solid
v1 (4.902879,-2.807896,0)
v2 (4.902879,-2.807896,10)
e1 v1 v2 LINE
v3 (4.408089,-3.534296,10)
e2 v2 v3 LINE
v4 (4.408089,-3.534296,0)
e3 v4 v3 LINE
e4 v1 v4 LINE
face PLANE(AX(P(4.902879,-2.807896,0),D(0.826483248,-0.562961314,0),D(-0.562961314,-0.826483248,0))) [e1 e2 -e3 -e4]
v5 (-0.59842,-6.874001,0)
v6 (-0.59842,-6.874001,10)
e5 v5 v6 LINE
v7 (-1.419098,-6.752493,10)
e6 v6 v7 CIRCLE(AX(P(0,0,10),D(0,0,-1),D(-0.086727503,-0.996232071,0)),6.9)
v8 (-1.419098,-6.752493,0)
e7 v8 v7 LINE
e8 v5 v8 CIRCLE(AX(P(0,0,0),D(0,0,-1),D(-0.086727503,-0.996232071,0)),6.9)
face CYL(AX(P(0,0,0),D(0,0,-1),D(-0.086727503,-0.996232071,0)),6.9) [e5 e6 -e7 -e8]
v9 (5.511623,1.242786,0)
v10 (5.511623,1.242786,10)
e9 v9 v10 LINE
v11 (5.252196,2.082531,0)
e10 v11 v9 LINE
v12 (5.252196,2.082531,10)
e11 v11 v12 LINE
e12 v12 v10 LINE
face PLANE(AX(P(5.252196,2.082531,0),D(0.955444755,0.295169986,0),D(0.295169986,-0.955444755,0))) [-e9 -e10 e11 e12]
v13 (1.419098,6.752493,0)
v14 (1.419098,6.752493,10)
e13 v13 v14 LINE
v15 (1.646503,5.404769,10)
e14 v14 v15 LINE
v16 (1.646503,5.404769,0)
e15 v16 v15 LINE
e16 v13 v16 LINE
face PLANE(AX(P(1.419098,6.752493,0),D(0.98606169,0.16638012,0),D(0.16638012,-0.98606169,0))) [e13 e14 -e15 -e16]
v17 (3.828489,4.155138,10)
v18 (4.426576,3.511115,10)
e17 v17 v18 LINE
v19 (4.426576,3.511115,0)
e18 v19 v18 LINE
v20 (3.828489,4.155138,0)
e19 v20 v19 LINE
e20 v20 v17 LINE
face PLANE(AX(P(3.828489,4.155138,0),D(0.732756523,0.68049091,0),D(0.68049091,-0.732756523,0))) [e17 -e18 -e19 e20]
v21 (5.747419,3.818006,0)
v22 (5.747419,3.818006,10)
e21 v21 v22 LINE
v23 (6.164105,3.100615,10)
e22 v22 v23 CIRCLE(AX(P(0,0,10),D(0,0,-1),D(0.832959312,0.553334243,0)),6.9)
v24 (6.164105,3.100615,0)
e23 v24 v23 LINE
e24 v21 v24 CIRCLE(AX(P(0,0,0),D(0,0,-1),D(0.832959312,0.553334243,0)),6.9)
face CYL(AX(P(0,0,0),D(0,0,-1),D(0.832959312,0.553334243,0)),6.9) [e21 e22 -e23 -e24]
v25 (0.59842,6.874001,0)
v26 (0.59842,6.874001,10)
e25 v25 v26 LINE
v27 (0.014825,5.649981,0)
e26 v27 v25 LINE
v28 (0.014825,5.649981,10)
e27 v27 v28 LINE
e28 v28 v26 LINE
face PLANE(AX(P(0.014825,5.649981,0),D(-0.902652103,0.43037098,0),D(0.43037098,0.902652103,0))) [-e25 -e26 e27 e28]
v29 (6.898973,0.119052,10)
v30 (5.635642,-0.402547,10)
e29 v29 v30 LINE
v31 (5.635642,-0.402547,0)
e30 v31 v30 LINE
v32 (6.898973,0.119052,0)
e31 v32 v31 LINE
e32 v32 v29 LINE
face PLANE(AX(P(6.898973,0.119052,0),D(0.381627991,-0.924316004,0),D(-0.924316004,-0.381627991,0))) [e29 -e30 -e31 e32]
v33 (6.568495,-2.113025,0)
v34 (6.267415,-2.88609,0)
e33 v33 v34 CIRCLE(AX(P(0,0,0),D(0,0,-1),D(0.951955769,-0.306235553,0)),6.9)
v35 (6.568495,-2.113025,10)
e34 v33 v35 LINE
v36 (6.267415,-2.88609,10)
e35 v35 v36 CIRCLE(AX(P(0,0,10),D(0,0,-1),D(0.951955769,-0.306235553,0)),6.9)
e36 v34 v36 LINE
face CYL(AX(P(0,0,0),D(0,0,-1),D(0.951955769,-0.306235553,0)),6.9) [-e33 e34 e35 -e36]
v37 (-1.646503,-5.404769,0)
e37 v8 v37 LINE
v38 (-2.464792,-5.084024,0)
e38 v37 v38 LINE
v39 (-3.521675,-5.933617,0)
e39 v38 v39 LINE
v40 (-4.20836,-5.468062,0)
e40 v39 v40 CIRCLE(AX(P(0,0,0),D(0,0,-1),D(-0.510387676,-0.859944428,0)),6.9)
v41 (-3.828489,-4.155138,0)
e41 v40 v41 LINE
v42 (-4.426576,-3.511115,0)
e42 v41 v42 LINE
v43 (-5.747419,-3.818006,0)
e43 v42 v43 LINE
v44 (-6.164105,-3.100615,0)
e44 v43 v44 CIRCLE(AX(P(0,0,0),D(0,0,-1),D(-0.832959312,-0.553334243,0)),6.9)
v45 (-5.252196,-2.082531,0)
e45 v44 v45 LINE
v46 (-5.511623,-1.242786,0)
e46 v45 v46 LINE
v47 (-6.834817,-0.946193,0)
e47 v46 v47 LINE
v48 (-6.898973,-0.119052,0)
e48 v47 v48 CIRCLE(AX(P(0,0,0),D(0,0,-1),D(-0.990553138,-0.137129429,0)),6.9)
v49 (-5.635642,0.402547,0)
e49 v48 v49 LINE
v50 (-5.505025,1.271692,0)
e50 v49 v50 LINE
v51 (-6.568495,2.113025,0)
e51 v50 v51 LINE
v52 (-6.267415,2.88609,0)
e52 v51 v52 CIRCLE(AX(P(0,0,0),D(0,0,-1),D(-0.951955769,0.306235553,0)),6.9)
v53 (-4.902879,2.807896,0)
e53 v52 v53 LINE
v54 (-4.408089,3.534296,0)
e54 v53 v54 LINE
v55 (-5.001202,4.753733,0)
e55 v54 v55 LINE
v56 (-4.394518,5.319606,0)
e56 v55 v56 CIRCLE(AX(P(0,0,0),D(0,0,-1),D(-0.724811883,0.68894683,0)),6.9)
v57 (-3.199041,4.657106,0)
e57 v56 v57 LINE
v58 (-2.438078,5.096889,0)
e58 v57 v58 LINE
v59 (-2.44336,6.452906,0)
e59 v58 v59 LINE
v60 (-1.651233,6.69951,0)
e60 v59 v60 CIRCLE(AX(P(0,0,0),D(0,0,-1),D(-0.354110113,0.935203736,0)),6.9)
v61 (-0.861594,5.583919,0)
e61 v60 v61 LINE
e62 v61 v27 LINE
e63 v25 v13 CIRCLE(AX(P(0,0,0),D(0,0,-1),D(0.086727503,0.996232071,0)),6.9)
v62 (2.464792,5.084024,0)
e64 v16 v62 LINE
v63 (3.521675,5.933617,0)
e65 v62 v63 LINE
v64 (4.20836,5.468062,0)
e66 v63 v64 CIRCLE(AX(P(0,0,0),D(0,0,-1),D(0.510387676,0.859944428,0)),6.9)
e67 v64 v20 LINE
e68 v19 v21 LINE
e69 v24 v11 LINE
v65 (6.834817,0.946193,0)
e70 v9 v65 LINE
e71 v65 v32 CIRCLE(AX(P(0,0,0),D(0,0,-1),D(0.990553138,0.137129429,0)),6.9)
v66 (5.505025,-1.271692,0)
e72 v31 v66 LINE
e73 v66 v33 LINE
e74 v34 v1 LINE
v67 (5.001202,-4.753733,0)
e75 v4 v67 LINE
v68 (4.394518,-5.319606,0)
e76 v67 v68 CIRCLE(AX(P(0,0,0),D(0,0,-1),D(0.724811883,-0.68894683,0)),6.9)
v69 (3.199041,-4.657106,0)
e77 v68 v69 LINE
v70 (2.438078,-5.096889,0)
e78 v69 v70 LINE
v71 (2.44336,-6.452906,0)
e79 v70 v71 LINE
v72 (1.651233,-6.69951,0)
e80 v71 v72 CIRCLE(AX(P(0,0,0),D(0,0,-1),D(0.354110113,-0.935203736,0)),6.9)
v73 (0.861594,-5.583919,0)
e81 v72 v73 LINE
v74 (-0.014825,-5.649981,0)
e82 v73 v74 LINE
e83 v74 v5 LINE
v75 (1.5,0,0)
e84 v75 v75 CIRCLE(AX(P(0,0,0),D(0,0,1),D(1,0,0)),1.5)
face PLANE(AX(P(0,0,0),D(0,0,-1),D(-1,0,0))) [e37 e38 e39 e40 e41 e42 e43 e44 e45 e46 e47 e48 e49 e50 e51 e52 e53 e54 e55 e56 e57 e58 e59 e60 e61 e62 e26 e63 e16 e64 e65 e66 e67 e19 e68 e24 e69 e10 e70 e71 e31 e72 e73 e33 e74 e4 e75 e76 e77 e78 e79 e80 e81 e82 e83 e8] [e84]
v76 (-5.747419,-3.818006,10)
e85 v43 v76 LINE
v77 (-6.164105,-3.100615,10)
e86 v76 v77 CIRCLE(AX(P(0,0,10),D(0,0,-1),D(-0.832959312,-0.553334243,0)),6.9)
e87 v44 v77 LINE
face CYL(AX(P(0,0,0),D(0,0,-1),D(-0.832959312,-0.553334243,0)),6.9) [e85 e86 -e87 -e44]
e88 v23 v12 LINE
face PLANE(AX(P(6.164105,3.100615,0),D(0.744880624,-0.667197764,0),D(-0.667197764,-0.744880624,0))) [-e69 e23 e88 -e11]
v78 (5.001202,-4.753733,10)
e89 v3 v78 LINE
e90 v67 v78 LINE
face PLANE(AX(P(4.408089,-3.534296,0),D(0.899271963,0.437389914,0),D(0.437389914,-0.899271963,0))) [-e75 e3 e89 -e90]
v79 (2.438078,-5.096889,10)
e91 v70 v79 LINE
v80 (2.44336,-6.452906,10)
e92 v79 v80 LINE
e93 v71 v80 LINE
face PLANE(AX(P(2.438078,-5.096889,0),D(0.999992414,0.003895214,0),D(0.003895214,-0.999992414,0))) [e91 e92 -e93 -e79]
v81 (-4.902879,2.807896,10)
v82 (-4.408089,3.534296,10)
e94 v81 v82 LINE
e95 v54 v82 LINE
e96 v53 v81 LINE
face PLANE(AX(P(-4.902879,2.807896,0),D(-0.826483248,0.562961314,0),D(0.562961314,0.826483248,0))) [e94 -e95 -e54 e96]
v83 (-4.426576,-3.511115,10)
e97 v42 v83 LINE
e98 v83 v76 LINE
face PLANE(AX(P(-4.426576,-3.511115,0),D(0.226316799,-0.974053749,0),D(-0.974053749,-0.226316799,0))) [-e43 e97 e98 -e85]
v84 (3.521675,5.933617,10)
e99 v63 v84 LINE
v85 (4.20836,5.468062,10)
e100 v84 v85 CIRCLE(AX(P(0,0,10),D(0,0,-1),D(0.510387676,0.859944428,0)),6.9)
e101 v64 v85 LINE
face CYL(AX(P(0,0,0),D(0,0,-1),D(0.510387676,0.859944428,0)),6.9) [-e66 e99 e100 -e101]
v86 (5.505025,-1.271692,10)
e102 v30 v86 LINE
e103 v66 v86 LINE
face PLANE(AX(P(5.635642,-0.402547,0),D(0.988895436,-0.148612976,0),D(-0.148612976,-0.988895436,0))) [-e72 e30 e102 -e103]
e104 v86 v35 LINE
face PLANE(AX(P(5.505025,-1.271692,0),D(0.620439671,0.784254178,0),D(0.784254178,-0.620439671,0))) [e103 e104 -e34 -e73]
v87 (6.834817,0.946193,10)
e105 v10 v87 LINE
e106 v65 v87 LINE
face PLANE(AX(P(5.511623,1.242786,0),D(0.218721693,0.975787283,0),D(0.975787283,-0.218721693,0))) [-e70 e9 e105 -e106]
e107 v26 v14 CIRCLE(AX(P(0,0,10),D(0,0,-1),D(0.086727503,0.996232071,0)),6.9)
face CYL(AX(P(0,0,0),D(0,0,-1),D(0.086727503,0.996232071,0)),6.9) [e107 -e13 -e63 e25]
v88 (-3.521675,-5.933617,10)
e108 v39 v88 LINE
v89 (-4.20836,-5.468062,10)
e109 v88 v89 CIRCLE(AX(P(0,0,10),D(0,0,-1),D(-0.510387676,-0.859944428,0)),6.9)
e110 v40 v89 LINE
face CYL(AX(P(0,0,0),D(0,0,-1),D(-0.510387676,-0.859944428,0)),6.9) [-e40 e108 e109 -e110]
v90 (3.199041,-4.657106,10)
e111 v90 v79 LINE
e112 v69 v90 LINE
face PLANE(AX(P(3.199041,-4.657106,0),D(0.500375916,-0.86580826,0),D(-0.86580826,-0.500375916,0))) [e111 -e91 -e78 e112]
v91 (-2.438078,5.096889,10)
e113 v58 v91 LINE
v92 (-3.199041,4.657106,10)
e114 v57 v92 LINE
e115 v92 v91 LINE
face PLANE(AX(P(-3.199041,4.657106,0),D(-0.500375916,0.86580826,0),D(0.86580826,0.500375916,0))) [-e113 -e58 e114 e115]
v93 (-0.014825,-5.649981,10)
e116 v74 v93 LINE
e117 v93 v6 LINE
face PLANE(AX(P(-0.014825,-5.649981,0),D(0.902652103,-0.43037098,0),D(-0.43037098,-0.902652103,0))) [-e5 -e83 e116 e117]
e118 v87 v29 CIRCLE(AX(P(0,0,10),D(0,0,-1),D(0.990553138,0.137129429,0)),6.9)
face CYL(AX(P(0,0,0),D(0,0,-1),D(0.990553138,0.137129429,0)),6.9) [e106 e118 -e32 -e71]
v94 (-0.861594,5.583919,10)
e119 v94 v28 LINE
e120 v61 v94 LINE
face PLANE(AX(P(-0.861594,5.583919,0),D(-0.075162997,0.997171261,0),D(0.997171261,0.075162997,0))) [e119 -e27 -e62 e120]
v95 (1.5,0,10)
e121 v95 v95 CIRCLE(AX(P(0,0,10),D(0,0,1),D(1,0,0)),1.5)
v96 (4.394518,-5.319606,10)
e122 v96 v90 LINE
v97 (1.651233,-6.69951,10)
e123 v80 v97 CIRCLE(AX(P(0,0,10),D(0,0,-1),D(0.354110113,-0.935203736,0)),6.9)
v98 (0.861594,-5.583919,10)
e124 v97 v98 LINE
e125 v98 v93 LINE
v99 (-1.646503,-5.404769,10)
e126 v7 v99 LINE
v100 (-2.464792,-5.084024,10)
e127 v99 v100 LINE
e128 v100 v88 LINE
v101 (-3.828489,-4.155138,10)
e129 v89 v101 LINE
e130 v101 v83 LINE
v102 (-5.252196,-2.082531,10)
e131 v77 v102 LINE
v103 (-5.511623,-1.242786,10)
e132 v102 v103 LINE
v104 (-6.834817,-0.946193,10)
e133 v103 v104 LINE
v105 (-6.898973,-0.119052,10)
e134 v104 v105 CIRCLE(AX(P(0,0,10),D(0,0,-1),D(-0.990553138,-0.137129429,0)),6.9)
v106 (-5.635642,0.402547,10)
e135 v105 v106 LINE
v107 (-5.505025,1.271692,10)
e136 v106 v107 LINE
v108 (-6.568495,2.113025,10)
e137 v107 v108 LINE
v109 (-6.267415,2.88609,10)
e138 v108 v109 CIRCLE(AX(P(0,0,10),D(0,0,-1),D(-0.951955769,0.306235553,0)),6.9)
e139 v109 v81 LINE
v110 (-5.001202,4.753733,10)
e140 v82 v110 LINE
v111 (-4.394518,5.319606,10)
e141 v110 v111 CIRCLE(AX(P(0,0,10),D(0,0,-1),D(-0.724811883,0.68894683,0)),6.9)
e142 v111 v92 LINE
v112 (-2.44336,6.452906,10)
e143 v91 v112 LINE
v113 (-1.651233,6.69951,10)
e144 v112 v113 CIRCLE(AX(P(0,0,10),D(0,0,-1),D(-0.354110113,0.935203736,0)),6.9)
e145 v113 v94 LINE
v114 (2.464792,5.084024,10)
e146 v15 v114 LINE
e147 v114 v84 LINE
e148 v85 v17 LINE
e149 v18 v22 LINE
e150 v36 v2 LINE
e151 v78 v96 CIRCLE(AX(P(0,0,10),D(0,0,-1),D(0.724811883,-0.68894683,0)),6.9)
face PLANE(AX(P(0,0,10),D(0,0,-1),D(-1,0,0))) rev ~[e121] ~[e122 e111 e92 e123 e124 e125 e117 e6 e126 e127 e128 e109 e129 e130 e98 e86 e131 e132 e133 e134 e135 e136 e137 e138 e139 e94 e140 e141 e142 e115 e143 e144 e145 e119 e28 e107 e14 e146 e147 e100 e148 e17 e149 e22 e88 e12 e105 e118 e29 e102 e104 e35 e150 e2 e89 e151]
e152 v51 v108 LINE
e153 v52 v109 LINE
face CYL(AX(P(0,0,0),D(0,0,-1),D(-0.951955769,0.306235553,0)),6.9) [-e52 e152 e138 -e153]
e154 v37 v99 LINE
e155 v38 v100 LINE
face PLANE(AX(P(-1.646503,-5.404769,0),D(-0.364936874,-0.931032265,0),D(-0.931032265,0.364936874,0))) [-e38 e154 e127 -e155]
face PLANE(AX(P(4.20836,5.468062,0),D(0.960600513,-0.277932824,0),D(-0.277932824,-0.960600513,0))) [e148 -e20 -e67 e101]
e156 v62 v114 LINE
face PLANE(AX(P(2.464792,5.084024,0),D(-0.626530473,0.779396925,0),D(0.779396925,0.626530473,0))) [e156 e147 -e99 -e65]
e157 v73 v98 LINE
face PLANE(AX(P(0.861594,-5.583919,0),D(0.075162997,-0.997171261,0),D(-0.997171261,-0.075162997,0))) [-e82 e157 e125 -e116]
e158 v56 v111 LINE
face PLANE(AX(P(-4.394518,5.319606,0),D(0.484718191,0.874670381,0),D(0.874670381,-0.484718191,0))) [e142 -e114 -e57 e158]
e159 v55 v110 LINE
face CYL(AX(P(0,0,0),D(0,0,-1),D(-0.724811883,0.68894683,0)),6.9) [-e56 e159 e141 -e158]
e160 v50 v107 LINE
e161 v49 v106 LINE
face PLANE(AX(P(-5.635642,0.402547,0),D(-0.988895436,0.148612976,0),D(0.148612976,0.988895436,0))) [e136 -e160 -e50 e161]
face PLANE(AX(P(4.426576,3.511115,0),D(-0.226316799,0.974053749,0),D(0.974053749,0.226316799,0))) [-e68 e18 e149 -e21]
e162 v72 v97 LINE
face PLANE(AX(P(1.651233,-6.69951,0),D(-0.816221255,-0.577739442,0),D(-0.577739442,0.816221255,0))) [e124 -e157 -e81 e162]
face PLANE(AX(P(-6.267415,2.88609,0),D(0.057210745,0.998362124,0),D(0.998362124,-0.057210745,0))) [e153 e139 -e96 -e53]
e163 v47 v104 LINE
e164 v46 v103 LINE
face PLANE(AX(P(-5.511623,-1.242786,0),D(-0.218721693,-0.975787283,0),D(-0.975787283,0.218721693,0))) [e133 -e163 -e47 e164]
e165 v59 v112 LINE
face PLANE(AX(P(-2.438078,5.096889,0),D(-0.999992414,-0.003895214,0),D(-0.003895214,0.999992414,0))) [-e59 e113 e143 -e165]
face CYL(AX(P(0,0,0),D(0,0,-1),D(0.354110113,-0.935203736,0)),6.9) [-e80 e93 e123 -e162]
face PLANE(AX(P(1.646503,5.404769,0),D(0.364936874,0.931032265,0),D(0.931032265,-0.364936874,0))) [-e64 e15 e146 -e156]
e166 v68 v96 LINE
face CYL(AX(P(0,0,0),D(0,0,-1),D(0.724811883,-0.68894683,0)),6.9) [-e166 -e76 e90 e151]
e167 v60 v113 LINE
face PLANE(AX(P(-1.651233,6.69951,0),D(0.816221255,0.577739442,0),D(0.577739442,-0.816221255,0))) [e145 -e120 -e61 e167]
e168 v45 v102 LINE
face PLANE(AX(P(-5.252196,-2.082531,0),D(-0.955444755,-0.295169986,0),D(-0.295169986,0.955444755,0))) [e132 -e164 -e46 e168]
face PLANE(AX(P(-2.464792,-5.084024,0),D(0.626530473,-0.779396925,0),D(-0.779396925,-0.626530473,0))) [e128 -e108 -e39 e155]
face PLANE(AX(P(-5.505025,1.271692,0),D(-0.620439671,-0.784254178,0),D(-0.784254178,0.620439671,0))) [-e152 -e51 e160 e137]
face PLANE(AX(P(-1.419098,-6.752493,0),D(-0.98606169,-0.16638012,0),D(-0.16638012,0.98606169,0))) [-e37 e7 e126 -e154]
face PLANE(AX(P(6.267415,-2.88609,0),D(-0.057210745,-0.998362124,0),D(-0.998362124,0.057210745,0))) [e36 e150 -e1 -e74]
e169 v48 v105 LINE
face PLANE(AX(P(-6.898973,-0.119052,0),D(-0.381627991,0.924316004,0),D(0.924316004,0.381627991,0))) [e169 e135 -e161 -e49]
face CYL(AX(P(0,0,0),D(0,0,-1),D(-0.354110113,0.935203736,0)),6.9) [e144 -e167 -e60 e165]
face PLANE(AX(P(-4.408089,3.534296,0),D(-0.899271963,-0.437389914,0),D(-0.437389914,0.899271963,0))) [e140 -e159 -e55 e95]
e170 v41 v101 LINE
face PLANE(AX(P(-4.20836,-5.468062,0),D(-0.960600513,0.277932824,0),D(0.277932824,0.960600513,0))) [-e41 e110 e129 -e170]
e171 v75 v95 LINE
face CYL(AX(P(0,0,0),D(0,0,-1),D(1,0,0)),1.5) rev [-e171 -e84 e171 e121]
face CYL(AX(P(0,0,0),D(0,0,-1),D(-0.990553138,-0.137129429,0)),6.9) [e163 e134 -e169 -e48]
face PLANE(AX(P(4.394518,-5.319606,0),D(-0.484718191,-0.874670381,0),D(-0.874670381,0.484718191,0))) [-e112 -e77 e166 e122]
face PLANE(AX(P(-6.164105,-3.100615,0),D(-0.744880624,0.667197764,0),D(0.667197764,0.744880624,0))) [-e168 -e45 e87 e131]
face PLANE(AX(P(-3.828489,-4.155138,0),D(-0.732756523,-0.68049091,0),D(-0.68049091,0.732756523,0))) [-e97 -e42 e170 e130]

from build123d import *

# Parameters (mm, degrees)
SKETCH1_R           = 1.5
BOSS_EXTRUDE1_DEPTH = 10


with BuildPart() as part:
    # Sketch1 → Boss-Extrude1 (new body)
    with BuildSketch(Plane.XY):
        with BuildLine():
            Line((-2.438077779, 5.096888928), (-2.443359795, 6.452905773))
            ThreePointArc((-2.443359795, 6.452905773), (-2.051006224, 6.588123668), (-1.65123331, 6.699509576))
            Line((-1.65123331, 6.699509576), (-0.861593933, 5.583919403))
            Line((-0.861593933, 5.583919403), (0.01482505, 5.64998055))
            Line((0.01482505, 5.64998055), (0.598419776, 6.874001293))
            ThreePointArc((0.598419776, 6.874001293), (1.010586975, 6.825592573), (1.419098459, 6.752492841))
            Line((1.419098459, 6.752492841), (1.646502519, 5.40476914))
            Line((1.646502519, 5.40476914), (2.464791596, 5.084024232))
            Line((2.464791596, 5.084024232), (3.521674972, 5.933616552))
            ThreePointArc((3.521674972, 5.933616552), (3.87202103, 5.711169157), (4.208360374, 5.468062084))
            Line((4.208360374, 5.468062084), (3.828488954, 4.155138064))
            Line((3.828488954, 4.155138064), (4.426575937, 3.511114563))
            Line((4.426575937, 3.511114563), (5.747419249, 3.818006283))
            ThreePointArc((5.747419249, 3.818006283), (5.966553832, 3.465578648), (6.164104905, 3.100614571))
            Line((6.164104905, 3.100614571), (5.252196198, 2.082530934))
            Line((5.252196198, 2.082530934), (5.511622626, 1.242785594))
            Line((5.511622626, 1.242785594), (6.834816656, 0.946193044))
            ThreePointArc((6.834816656, 0.946193044), (6.879337474, 0.533587785), (6.898972862, 0.119052315))
            Line((6.898972862, 0.119052315), (5.635641572, -0.402546987))
            Line((5.635641572, -0.402546987), (5.505024858, -1.271692304))
            Line((5.505024858, -1.271692304), (6.568494801, -2.113025331))
            ThreePointArc((6.568494801, -2.113025331), (6.429583959, -2.504086684), (6.267414633, -2.886089711))
            Line((6.267414633, -2.886089711), (4.902879015, -2.80789554))
            Line((4.902879015, -2.80789554), (4.408089402, -3.534295945))
            Line((4.408089402, -3.534295945), (5.001201993, -4.753733125))
            ThreePointArc((5.001201993, -4.753733125), (4.706372487, -5.045796073), (4.394518071, -5.319606275))
            Line((4.394518071, -5.319606275), (3.199041139, -4.657105946))
            Line((3.199041139, -4.657105946), (2.438077779, -5.096888928))
            Line((2.438077779, -5.096888928), (2.443359795, -6.452905773))
            ThreePointArc((2.443359795, -6.452905773), (2.051006224, -6.588123668), (1.65123331, -6.699509576))
            Line((1.65123331, -6.699509576), (0.861593933, -5.583919403))
            Line((0.861593933, -5.583919403), (-0.01482505, -5.64998055))
            Line((-0.01482505, -5.64998055), (-0.598419776, -6.874001293))
            ThreePointArc((-0.598419776, -6.874001293), (-1.010586975, -6.825592573), (-1.419098459, -6.752492841))
            Line((-1.419098459, -6.752492841), (-1.646502519, -5.40476914))
            Line((-1.646502519, -5.40476914), (-2.464791596, -5.084024232))
            Line((-2.464791596, -5.084024232), (-3.521674972, -5.933616552))
            ThreePointArc((-3.521674972, -5.933616552), (-3.87202103, -5.711169157), (-4.208360374, -5.468062084))
            Line((-4.208360374, -5.468062084), (-3.828488954, -4.155138064))
            Line((-3.828488954, -4.155138064), (-4.426575937, -3.511114563))
            Line((-4.426575937, -3.511114563), (-5.747419249, -3.818006283))
            ThreePointArc((-5.747419249, -3.818006283), (-5.966553832, -3.465578648), (-6.164104905, -3.100614571))
            Line((-6.164104905, -3.100614571), (-5.252196198, -2.082530934))
            Line((-5.252196198, -2.082530934), (-5.511622626, -1.242785594))
            Line((-5.511622626, -1.242785594), (-6.834816656, -0.946193044))
            ThreePointArc((-6.834816656, -0.946193044), (-6.879337474, -0.533587785), (-6.898972862, -0.119052315))
            Line((-6.898972862, -0.119052315), (-5.635641572, 0.402546987))
            Line((-5.635641572, 0.402546987), (-5.505024858, 1.271692304))
            Line((-5.505024858, 1.271692304), (-6.568494801, 2.113025331))
            ThreePointArc((-6.568494801, 2.113025331), (-6.429583959, 2.504086684), (-6.267414633, 2.886089711))
            Line((-6.267414633, 2.886089711), (-4.902879015, 2.80789554))
            Line((-4.902879015, 2.80789554), (-4.408089402, 3.534295945))
            Line((-4.408089402, 3.534295945), (-5.001201993, 4.753733125))
            ThreePointArc((-5.001201993, 4.753733125), (-4.706372487, 5.045796073), (-4.394518071, 5.319606275))
            Line((-4.394518071, 5.319606275), (-3.199041139, 4.657105946))
            Line((-3.199041139, 4.657105946), (-2.438077779, 5.096888928))
        make_face()
        Circle(SKETCH1_R, mode=Mode.SUBTRACT)
    extrude(amount=BOSS_EXTRUDE1_DEPTH)


solid = part.part
